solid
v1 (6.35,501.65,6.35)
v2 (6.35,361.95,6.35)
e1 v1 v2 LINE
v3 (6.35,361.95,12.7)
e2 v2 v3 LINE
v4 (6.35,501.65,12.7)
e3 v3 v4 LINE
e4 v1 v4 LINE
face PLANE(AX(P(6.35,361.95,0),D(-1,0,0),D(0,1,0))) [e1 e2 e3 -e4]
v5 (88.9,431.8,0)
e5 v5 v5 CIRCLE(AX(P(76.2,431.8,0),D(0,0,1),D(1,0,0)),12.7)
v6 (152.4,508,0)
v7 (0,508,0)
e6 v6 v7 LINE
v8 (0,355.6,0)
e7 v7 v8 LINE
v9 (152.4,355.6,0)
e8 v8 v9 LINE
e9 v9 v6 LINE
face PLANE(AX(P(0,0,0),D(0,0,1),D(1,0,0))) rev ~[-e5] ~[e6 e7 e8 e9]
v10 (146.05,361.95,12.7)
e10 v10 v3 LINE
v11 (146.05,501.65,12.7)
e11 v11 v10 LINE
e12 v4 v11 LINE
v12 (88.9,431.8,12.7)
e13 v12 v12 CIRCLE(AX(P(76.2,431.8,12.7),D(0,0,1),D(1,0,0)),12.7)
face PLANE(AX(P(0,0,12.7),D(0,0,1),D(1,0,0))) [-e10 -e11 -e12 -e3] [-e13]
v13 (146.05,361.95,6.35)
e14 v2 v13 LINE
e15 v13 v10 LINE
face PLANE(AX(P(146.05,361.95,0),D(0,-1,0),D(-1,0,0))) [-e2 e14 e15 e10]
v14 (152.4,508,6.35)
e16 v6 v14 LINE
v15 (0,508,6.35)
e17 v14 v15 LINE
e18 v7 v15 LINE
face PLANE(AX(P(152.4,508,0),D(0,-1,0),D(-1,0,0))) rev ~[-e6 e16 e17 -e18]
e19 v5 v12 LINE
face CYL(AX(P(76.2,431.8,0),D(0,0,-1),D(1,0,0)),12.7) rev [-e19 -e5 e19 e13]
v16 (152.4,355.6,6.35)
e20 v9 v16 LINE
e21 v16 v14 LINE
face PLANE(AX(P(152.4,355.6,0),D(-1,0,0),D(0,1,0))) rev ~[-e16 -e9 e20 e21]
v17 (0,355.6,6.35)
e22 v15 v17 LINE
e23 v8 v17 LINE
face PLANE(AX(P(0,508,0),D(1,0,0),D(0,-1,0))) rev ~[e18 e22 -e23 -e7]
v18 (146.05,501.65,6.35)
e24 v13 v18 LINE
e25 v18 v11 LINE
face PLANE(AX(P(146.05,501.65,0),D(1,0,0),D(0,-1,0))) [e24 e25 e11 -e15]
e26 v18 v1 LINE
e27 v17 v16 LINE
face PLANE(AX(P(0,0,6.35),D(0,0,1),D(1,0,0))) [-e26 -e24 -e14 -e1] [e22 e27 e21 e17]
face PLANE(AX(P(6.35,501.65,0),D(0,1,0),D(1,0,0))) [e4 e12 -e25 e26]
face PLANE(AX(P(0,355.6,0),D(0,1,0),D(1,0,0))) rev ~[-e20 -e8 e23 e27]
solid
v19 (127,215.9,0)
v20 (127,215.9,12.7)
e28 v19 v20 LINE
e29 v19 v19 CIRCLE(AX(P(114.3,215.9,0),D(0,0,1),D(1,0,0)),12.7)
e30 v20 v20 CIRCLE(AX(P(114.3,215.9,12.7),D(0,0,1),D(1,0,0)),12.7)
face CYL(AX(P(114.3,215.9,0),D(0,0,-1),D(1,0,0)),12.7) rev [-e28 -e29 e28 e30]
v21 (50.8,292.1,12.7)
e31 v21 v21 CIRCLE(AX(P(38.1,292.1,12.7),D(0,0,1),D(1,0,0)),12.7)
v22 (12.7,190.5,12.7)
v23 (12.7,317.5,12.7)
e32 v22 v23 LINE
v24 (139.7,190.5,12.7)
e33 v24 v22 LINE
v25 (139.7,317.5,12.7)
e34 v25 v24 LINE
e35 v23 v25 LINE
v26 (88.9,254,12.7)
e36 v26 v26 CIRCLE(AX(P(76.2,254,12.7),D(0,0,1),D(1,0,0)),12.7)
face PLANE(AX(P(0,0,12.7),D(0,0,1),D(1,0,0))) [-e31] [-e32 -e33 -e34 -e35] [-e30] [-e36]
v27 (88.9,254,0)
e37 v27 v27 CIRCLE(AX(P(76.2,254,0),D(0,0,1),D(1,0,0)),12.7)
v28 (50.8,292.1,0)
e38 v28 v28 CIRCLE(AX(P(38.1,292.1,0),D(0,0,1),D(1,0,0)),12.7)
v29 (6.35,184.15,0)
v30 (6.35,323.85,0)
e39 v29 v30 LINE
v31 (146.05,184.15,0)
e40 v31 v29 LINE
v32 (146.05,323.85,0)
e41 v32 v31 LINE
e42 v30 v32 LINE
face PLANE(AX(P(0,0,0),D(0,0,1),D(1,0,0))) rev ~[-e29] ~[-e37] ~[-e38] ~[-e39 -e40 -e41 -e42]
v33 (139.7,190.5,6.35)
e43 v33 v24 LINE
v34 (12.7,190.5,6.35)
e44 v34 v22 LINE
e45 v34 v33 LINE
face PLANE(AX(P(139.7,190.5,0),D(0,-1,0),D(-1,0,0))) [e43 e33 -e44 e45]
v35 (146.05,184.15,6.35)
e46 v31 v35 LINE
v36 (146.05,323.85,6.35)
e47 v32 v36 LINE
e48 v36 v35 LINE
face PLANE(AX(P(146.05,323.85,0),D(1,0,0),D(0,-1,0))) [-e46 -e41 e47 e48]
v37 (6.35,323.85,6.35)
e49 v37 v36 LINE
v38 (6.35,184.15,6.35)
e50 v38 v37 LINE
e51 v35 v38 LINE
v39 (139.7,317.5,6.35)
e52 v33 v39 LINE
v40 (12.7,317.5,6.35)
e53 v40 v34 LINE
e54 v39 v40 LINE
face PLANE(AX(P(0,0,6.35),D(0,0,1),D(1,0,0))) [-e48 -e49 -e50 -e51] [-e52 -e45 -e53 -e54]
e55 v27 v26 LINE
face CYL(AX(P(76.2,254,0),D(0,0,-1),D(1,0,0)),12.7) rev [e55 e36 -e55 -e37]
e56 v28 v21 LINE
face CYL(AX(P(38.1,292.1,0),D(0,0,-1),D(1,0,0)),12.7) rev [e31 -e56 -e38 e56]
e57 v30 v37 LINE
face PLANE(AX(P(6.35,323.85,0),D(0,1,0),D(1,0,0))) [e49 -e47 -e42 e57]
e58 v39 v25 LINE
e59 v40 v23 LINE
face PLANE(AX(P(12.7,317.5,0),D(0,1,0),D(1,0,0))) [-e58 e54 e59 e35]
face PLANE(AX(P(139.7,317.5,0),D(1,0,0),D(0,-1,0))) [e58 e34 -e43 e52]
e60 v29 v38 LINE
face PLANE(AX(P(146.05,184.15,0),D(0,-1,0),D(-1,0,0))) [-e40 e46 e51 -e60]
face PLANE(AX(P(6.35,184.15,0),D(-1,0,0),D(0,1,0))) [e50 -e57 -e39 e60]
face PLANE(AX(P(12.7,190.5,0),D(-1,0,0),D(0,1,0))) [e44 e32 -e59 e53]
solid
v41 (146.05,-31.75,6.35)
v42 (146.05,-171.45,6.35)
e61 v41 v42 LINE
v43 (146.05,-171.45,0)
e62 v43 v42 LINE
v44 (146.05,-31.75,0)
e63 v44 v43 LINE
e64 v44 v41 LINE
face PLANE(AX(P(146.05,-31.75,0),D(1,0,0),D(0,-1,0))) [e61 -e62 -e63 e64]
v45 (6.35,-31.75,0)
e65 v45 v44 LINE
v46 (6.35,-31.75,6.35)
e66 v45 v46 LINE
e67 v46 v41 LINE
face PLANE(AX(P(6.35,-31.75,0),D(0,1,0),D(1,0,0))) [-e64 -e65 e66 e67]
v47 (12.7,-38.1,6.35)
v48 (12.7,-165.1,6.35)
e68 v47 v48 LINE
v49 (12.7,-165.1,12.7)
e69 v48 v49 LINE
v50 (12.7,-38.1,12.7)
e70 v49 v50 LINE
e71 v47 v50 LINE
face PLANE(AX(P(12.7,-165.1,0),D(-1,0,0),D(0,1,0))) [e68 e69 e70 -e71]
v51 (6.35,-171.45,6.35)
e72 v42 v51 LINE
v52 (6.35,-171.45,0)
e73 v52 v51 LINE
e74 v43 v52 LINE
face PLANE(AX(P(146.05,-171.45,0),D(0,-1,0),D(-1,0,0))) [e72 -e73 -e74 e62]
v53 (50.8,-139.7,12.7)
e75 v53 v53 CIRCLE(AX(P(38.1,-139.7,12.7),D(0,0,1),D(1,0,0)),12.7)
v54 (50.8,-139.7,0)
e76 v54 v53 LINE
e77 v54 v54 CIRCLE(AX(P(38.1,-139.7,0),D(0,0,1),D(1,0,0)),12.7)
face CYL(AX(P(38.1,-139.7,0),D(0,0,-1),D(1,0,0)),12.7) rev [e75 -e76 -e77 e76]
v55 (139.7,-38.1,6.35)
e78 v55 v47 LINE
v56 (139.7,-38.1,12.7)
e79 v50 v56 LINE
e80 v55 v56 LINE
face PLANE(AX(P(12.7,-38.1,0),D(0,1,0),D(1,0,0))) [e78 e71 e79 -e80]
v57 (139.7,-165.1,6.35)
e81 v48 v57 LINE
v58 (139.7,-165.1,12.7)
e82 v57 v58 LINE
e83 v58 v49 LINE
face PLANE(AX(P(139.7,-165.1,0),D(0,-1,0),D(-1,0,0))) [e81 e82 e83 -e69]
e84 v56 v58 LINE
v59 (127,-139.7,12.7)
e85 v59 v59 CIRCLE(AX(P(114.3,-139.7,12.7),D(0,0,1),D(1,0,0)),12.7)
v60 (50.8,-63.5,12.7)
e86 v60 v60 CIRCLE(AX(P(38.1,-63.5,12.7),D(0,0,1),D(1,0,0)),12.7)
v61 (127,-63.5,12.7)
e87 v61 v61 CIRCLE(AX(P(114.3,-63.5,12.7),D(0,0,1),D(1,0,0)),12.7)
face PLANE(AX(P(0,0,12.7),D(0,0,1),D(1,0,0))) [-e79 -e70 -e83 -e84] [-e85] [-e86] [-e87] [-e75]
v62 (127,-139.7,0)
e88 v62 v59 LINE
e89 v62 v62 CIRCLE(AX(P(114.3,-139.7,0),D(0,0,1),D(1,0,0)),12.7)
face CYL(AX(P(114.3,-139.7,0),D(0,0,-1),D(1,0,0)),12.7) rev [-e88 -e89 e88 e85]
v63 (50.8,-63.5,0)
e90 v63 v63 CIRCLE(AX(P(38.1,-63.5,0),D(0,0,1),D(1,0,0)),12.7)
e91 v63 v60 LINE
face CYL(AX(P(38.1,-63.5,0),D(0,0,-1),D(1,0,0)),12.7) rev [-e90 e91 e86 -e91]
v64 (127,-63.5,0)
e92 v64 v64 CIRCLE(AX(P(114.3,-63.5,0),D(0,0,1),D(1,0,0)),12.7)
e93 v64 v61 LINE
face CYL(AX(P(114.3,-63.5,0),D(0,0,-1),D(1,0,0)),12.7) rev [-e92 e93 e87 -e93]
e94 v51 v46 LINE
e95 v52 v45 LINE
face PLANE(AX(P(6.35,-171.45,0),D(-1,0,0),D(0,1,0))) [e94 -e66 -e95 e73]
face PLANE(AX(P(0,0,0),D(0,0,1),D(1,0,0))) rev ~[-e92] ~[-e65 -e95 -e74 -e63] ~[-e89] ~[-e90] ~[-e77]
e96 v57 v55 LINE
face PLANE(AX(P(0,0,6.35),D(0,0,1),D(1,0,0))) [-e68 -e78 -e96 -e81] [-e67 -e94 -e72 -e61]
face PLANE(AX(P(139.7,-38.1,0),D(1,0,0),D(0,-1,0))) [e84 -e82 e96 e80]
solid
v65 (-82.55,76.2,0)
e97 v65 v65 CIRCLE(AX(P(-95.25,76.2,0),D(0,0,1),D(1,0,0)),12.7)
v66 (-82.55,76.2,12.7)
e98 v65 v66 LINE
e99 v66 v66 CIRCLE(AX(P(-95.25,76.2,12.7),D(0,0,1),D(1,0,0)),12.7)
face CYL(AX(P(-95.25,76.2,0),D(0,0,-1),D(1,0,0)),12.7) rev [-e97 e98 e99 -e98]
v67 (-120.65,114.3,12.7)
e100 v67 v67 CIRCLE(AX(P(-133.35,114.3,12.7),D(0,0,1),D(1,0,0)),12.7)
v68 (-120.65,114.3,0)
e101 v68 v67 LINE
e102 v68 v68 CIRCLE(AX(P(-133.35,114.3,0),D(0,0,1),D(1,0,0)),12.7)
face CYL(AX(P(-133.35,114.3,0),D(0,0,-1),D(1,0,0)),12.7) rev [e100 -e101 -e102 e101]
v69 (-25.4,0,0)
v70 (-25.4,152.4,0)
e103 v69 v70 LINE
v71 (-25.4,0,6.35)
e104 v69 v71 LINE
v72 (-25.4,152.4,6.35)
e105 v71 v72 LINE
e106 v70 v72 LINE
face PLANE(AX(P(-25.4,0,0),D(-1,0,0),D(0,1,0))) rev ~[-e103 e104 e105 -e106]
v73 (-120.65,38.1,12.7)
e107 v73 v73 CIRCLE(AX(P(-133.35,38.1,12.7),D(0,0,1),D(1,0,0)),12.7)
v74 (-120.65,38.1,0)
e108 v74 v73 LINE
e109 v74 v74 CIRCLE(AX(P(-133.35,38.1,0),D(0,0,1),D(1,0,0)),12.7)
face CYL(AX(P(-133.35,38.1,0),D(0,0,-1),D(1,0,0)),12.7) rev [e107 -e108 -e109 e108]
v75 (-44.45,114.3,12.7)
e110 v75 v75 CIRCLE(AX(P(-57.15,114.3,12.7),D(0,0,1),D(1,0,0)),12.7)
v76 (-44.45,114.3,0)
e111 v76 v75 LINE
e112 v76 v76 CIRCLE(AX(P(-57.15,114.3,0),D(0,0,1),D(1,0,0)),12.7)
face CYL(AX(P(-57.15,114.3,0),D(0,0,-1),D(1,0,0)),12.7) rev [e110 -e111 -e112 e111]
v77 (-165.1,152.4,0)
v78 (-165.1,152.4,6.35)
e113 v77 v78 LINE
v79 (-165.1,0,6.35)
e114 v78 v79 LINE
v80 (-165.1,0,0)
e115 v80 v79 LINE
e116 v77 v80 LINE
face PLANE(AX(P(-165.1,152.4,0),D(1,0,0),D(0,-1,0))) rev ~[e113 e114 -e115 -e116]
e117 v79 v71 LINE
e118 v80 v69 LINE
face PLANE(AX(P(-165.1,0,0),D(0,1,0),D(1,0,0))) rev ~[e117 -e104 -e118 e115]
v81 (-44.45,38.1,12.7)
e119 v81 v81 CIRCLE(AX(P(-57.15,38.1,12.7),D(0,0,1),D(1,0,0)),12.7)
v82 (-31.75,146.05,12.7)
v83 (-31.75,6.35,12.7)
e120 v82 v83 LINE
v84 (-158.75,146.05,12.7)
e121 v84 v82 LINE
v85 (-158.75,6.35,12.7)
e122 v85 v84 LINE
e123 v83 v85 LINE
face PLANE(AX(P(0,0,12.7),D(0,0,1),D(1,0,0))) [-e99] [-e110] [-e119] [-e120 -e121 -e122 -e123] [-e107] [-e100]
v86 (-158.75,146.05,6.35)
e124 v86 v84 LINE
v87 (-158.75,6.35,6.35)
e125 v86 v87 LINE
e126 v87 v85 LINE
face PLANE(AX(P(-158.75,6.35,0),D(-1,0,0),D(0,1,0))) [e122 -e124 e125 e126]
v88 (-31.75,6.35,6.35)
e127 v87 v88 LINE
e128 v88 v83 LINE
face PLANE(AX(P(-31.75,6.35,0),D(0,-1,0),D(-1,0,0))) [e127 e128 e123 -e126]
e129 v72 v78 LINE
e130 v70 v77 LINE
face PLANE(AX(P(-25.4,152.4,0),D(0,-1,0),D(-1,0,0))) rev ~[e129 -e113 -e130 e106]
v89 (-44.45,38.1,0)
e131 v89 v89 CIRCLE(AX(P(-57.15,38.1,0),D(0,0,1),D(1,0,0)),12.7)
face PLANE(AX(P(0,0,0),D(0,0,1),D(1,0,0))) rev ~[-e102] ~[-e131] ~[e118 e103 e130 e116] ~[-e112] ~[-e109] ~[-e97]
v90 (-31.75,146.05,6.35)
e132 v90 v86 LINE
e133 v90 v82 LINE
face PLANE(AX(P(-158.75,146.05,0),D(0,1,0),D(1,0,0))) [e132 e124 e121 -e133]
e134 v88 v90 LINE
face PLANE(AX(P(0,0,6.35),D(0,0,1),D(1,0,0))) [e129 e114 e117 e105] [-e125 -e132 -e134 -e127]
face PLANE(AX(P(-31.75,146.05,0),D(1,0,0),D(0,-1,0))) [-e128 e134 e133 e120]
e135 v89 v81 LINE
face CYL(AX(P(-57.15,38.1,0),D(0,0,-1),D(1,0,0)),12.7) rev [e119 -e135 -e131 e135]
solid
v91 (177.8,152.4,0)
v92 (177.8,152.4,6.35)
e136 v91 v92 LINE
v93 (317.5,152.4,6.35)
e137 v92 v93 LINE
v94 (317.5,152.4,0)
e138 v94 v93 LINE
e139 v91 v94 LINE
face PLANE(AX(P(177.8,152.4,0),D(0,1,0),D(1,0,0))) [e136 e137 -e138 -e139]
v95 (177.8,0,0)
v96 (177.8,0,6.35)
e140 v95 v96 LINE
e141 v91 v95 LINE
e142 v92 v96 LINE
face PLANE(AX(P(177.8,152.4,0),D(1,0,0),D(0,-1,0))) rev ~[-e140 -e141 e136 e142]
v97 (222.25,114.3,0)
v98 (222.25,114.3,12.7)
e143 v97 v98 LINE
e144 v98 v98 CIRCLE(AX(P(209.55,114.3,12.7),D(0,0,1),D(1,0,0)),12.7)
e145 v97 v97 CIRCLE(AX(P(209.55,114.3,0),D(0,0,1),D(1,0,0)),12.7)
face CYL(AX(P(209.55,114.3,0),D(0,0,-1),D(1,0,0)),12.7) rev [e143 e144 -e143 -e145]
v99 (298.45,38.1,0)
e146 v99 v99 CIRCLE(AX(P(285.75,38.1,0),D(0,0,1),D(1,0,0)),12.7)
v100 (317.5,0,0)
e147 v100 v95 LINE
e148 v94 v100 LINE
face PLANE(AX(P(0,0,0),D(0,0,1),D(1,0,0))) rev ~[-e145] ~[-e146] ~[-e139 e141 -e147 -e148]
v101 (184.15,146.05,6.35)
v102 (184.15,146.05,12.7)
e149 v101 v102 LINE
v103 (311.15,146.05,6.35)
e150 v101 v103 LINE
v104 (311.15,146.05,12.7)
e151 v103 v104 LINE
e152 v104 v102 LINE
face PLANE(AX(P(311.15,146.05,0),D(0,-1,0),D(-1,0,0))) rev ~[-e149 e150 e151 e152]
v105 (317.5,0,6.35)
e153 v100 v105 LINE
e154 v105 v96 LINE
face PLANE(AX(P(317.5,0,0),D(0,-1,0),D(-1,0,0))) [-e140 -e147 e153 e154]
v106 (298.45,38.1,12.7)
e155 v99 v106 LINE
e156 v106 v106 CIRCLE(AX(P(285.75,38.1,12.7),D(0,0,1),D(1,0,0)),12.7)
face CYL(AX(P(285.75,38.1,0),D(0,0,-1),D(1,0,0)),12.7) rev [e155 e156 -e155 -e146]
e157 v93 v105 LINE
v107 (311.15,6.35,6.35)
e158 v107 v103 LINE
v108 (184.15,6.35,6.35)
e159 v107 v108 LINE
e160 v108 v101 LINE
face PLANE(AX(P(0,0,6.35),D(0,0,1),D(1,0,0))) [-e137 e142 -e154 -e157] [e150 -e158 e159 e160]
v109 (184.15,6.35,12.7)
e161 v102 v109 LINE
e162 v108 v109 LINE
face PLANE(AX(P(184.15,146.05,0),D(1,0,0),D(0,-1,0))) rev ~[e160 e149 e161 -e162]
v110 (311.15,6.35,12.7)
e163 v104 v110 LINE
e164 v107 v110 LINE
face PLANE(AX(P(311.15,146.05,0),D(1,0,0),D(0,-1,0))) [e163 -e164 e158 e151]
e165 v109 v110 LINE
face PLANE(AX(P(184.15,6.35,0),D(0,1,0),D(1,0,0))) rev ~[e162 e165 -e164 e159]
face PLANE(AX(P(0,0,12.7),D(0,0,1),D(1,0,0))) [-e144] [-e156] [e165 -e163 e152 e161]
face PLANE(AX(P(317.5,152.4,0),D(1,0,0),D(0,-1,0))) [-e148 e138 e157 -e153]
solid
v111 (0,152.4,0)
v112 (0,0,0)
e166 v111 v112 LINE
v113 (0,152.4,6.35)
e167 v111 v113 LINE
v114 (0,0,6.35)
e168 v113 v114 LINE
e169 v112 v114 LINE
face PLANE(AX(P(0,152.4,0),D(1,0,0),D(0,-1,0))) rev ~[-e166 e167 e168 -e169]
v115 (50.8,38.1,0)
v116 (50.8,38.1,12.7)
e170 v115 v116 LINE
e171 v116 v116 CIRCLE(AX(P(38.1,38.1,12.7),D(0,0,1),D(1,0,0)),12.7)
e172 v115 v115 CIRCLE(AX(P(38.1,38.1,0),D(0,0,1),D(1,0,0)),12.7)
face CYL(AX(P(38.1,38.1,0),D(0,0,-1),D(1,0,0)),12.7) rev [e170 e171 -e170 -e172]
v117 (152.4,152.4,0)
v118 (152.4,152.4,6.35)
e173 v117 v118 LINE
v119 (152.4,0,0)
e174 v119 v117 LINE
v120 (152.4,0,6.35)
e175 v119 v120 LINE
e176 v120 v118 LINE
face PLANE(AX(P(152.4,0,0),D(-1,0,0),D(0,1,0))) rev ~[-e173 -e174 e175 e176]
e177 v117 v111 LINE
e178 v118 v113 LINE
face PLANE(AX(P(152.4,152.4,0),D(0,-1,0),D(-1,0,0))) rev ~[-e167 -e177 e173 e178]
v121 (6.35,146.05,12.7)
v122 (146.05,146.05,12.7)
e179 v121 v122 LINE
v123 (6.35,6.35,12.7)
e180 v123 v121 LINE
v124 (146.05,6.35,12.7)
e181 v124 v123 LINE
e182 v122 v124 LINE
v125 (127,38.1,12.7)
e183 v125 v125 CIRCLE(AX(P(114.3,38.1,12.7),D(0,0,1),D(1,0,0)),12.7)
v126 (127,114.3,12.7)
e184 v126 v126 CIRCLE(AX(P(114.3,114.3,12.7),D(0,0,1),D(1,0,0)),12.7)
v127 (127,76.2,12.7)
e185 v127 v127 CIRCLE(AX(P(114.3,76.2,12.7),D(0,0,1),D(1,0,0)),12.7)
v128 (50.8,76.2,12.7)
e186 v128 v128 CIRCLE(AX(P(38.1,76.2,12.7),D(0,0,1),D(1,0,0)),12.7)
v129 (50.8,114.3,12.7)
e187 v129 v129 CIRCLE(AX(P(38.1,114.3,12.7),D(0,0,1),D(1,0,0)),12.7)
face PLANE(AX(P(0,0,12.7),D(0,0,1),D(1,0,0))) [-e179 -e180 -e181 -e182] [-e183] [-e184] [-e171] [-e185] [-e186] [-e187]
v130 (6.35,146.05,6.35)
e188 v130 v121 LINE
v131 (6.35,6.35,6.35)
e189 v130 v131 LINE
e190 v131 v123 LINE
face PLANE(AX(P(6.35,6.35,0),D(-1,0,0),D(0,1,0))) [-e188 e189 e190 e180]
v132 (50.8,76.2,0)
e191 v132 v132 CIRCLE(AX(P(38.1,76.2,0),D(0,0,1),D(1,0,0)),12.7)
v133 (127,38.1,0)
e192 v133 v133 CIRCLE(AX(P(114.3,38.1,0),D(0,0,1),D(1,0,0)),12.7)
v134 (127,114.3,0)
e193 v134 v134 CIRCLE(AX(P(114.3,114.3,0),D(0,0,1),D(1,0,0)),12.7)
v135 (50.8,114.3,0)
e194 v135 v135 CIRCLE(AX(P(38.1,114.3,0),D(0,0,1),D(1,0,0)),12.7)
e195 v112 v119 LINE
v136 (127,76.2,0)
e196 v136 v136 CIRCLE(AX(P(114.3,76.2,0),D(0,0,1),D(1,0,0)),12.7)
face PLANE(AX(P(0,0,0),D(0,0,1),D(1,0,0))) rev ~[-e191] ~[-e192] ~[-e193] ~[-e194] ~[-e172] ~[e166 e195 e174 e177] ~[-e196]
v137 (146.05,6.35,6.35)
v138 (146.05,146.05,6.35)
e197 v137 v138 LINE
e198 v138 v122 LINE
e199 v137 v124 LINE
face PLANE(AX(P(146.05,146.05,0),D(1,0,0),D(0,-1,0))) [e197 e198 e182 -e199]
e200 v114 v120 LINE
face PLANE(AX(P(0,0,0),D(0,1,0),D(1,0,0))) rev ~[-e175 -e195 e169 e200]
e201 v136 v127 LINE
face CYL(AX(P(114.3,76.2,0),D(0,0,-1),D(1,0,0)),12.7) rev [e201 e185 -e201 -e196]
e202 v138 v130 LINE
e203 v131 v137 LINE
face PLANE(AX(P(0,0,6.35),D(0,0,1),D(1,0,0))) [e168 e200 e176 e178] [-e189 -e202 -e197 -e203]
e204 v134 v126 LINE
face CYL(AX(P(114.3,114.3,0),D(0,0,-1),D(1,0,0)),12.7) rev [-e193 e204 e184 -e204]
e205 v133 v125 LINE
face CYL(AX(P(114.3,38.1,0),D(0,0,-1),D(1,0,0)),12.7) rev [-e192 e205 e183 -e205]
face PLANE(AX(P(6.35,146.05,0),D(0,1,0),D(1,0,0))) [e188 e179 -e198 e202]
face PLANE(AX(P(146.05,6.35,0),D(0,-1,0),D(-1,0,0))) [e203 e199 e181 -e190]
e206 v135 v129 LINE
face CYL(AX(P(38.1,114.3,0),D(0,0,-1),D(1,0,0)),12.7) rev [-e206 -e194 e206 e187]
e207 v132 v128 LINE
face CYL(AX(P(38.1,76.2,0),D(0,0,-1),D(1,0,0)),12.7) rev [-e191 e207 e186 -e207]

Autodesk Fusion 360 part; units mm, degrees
sketch "Sketch1" plane through (0, 0, 0) normal (0, 0, 1) x (1, 0, 0)
  line L0 (0, 0) -> (152.4, 0)
  line L1 (152.4, 0) -> (152.4, 152.4)
  line L2 (152.4, 152.4) -> (0, 152.4)
  line L3 (0, 152.4) -> (0, 0)
  circle A0 centre (38.1, 38.1) radius 12.7
  circle A1 centre (38.1, 114.3) radius 12.7
  circle A2 centre (114.3, 114.3) radius 12.7
  circle A3 centre (114.3, 38.1) radius 12.7
  circle A4 centre (114.3, 76.2) radius 12.7
  circle A5 centre (38.1, 76.2) radius 12.7
  circle A6 centre (76.2, 431.8) radius 12.7
  line L4 (152.4, 508) -> (0, 508)
  line L5 (152.4, 355.6) -> (152.4, 508)
  line L6 (0, 508) -> (0, 355.6)
  line L7 (0, 355.6) -> (152.4, 355.6)
  circle A7 centre (-95.25, 76.2) radius 12.7
  circle A8 centre (-57.15, 38.1) radius 12.7
  circle A9 centre (-57.15, 114.3) radius 12.7
  line L8 (-165.1, 0) -> (-25.4, 0)
  line L9 (-25.4, 152.4) -> (-165.1, 152.4)
  circle A10 centre (-133.35, 114.3) radius 12.7
  circle A11 centre (-133.35, 38.1) radius 12.7
  circle A12 centre (285.75, 38.1) radius 12.7
  circle A13 centre (209.55, 114.3) radius 12.7
  circle A14 centre (114.3, -63.5) radius 12.7
  circle A15 centre (38.1, -63.5) radius 12.7
  line L10 (12.7, -38.1) -> (139.7, -38.1)
  line L11 (139.7, -38.1) -> (139.7, -165.1)
  line L12 (12.7, -165.1) -> (12.7, -38.1)
  circle A16 centre (38.1, -139.7) radius 12.7
  circle A17 centre (114.3, -139.7) radius 12.7
  line L13 (139.7, -165.1) -> (12.7, -165.1)
  circle A18 centre (76.2, 254) radius 12.7
  circle A19 centre (114.3, 215.9) radius 12.7
  line L14 (139.7, 317.5) -> (139.7, 190.5)
  line L15 (139.7, 190.5) -> (12.7, 190.5)
  line L16 (12.7, 317.5) -> (139.7, 317.5)
  circle A20 centre (38.1, 292.1) radius 12.7
  line L17 (12.7, 190.5) -> (12.7, 317.5)
  line L18 (6.35, 146.05) -> (146.05, 146.05)
  line L19 (146.05, 146.05) -> (146.05, 6.35)
  line L20 (146.05, 6.35) -> (6.35, 6.35)
  line L21 (6.35, 6.35) -> (6.35, 146.05)
  line L22 (6.35, 501.65) -> (146.05, 501.65)
  line L23 (146.05, 501.65) -> (146.05, 361.95)
  line L24 (146.05, 361.95) -> (6.35, 361.95)
  line L25 (6.35, 361.95) -> (6.35, 501.65)
  line L26 (184.15, 146.05) -> (184.15, 6.35)
  line L27 (184.15, 6.35) -> (311.15, 6.35)
  line L28 (311.15, 146.05) -> (311.15, 6.35)
  line L29 (177.8, 152.4) -> (177.8, 0)
  line L30 (177.8, 152.4) -> (317.5, 152.4)
  line L31 (317.5, 152.4) -> (317.5, 0)
  line L32 (317.5, 0) -> (177.8, 0)
  line L33 (-165.1, 152.4) -> (-165.1, 0)
  line L34 (-158.75, 6.35) -> (-158.75, 146.05)
  line L35 (-158.75, 146.05) -> (-31.75, 146.05)
  line L36 (6.35, -31.75) -> (146.05, -31.75)
  line L37 (146.05, -31.75) -> (146.05, -171.45)
  line L38 (146.05, -171.45) -> (6.35, -171.45)
  line L39 (6.35, -171.45) -> (6.35, -31.75)
  line L40 (146.05, 323.85) -> (146.05, 184.15)
  line L41 (146.05, 184.15) -> (6.35, 184.15)
  line L42 (6.35, 184.15) -> (6.35, 323.85)
  line L43 (6.35, 323.85) -> (146.05, 323.85)
  line L44 (-25.4, 0) -> (-25.4, 152.4)
  line L45 (-31.75, 146.05) -> (-31.75, 6.35)
  line L46 (-31.75, 6.35) -> (-158.75, 6.35)
  line L47 (311.15, 146.05) -> (184.15, 146.05)
  line L48 (146.05, 184.15) -> (6.35, 184.15)
  line L49 (139.7, 190.5) -> (12.7, 190.5)
  circle A21 centre (76.2, 254) radius 12.7
  line L50 (139.7, 317.5) -> (139.7, 190.5)
  line L51 (146.05, 323.85) -> (146.05, 184.15)
  circle A22 centre (114.3, 215.9) radius 12.7
  circle A23 centre (38.1, 292.1) radius 12.7
  line L52 (12.7, 317.5) -> (139.7, 317.5)
  line L53 (6.35, 323.85) -> (146.05, 323.85)
  line L54 (146.05, 184.15) -> (6.35, 184.15)
  line L55 (139.7, 190.5) -> (12.7, 190.5)
  circle A24 centre (76.2, 254) radius 12.7
  line L56 (139.7, 317.5) -> (139.7, 190.5)
  line L57 (146.05, 323.85) -> (146.05, 184.15)
  circle A25 centre (114.3, 215.9) radius 12.7
  circle A26 centre (38.1, 292.1) radius 12.7
  line L58 (12.7, 317.5) -> (139.7, 317.5)
  line L59 (6.35, 323.85) -> (146.05, 323.85)
  point P0 (0, 355.6)
  dimension "d2" = 25.4
  dimension "d3" = 25.4
  dimension "d4" = 25.4
  dimension "d5" = 25.4
  dimension "d6" = 25.4
  dimension "d7" = 25.4
  dimension "d8" = 152.4
  dimension "d11" = 76.2
  dimension "d32" = 152.4
  dimension "d36" = 139.7
  dimension "d37" = 139.7
  dimension "d38" = 139.7
  dimension "d67" = 152.4
  dimension "d69" = 139.7
  dimension "d70" = 152.4
  dimension "d71" = 152.4
extrude "Extrude1" add sketch "Sketch1" along normal blind 6.35 contours L0 L1 L2 L3 | L18 L19 L20 L21 makes body 1
extrude "Extrude2" add sketch "Sketch1" along normal blind 12.7 contours L18 L19 L20 L21 bodies 1
extrude "Extrude3" add sketch "Sketch1" along normal blind 6.35 separate body contours L8 L9 L33 L44 | L34 L35 L45 L46 makes body 2
extrude "Extrude4" add sketch "Sketch1" along normal blind 12.7 contours L34 L35 L45 L46 bodies 2
extrude "Extrude5" add sketch "Sketch1" along normal blind 6.35 separate body contours L10 L11 L12 L13 | L36 L37 L38 L39 makes body 3
extrude "Extrude6" add sketch "Sketch1" along normal blind 12.7 contours L10 L11 L12 L13 bodies 3
extrude "Extrude7" add sketch "Sketch1" along normal blind 6.35 separate body contours L14 L15 L16 L17 L49 L50 L52 L55 L56 L58 | L40 L41 L42 L43 L48 L51 L53 L54 L57 L59 makes body 4
extrude "Extrude8" add sketch "Sketch1" along normal blind 12.7 contours L14 L15 L16 L17 L49 L50 L52 L55 L56 L58 bodies 4
extrude "Extrude9" add sketch "Sketch1" along normal blind 6.35 separate body contours L26 L27 L28 L47 | L29 L30 L31 L32 makes body 5
extrude "Extrude10" add sketch "Sketch1" along normal blind 12.7 contours L26 L27 L28 L47 bodies 5
extrude "Extrude11" add sketch "Sketch1" along normal blind 6.35 separate body contours L4 L5 L6 L7 | L22 L23 L24 L25 makes body 6
extrude "Extrude12" add sketch "Sketch1" along normal blind 12.7 contours L22 L23 L24 L25 bodies 6
